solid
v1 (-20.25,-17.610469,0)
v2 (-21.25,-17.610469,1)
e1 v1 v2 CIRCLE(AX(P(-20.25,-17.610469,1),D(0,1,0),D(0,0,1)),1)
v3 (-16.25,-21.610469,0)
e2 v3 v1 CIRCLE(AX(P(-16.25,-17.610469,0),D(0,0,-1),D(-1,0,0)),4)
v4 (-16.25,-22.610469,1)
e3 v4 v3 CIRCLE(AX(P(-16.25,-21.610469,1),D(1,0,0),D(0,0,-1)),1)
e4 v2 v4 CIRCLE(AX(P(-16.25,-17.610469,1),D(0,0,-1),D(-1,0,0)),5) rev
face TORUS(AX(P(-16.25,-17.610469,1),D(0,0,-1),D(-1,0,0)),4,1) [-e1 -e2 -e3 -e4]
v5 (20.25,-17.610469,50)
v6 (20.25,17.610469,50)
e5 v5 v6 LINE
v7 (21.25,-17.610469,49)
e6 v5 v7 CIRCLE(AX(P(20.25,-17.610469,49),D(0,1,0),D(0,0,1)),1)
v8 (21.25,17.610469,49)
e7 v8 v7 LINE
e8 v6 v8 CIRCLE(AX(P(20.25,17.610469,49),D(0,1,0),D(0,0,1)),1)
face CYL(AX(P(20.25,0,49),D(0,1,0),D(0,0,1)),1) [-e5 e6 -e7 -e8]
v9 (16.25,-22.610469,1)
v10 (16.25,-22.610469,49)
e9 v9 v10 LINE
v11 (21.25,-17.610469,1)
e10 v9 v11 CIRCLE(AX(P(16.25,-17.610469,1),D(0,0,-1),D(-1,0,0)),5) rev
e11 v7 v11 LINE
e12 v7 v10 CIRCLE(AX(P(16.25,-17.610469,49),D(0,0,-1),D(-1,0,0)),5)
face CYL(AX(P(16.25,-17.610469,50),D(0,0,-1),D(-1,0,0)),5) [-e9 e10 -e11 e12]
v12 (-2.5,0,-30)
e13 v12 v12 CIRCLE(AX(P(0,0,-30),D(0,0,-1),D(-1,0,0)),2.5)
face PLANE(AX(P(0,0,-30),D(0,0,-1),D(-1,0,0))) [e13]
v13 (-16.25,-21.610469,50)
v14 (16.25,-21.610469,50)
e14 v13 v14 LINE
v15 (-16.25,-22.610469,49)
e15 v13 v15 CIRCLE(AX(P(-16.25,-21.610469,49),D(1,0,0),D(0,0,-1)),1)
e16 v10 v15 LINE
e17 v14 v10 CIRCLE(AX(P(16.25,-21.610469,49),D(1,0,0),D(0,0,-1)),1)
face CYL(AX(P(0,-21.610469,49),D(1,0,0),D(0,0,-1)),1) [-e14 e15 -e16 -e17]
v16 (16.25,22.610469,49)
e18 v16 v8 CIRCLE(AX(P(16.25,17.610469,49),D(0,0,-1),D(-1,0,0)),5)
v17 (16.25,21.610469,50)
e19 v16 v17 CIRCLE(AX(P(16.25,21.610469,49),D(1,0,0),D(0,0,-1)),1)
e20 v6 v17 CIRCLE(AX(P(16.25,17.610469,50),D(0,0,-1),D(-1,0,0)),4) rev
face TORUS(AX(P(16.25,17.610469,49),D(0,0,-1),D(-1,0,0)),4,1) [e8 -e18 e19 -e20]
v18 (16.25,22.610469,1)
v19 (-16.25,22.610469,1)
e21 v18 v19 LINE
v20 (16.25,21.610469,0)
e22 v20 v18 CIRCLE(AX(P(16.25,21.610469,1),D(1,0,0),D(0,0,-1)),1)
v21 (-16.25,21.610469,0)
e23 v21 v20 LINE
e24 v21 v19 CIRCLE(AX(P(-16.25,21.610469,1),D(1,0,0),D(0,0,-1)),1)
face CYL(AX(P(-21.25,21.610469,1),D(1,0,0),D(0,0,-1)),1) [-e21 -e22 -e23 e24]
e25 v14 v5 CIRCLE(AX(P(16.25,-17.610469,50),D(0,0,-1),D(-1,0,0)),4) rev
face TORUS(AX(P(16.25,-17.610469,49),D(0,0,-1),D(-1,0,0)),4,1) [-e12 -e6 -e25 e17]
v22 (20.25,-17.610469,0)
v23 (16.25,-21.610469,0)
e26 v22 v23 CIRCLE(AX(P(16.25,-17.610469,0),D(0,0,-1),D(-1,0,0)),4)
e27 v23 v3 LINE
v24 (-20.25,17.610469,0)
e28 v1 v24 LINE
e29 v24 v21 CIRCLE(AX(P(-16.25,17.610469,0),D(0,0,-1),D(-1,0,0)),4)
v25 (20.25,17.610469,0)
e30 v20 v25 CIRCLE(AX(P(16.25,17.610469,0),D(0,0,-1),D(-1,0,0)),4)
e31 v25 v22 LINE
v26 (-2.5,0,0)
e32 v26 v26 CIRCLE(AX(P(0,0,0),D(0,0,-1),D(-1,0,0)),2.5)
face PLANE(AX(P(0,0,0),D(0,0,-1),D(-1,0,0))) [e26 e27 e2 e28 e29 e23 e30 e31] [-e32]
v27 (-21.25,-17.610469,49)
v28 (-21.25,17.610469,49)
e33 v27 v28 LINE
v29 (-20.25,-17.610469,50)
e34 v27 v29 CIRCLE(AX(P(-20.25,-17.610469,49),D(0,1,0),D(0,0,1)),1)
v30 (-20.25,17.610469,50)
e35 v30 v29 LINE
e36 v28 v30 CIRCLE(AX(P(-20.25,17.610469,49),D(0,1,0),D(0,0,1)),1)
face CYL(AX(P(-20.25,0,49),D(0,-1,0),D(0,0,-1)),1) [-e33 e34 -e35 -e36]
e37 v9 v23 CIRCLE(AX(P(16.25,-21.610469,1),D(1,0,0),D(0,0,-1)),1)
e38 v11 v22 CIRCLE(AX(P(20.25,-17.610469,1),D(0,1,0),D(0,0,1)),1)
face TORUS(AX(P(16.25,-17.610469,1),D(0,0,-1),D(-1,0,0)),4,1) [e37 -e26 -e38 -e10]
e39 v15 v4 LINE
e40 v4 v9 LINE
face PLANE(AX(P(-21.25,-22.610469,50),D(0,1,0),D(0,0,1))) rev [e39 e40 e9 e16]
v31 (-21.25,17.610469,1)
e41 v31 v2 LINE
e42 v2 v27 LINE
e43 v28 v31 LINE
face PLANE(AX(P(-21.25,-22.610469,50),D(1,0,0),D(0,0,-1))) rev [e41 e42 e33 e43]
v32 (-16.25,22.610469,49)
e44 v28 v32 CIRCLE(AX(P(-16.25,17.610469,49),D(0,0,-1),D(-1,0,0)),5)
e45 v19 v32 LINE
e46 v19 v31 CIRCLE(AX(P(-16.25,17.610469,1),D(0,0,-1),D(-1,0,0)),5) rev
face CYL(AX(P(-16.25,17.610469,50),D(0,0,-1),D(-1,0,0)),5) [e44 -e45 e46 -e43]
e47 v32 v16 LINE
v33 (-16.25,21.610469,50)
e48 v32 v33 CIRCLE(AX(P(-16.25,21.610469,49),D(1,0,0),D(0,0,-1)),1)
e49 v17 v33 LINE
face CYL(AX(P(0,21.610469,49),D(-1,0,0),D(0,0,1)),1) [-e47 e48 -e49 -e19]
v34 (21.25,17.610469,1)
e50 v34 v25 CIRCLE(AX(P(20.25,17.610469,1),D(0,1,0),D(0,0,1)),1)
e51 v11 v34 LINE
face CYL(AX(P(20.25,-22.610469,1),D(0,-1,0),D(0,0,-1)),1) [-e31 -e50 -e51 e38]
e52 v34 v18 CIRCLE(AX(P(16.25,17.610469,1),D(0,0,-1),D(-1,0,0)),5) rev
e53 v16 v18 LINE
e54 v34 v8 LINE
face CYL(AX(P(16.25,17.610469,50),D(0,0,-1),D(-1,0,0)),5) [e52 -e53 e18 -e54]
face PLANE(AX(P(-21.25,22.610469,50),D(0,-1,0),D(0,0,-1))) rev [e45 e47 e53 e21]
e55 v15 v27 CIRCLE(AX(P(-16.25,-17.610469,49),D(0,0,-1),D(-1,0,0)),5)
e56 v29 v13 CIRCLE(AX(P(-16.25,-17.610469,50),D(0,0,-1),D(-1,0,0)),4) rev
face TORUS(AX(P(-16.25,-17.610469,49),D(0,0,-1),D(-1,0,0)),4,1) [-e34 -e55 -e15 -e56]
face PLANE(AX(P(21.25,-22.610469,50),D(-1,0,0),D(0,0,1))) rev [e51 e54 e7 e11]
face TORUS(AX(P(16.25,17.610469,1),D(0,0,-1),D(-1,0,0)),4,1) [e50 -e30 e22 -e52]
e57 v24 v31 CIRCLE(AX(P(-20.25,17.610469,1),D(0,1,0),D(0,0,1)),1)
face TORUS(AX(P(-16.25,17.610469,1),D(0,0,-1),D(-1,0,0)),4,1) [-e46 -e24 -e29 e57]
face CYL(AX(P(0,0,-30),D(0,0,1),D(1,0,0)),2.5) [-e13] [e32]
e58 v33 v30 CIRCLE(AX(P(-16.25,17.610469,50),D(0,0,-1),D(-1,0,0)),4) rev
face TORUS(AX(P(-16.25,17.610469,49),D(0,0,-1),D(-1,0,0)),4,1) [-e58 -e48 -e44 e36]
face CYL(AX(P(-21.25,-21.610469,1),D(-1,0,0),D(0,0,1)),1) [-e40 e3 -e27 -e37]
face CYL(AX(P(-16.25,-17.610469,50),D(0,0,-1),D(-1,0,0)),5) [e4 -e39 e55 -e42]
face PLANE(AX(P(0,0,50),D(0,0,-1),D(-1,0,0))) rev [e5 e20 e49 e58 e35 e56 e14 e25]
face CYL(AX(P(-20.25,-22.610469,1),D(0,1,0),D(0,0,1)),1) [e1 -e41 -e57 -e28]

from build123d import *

# Parameters (mm, degrees)
ESQUISSE1_W        = 42.5
ESQUISSE1_H        = 45.220937172
BOSS_EXTRU_1_DEPTH = 50
ESQUISSE2_R        = 2.5
BOSS_EXTRU_2_DEPTH = 30
CONG_1_R           = 5
CONG_2_R           = 1
CONG_3_R           = 1


with BuildPart() as part:
    # Esquisse1 → Boss.-Extru.1 (new body)
    with BuildSketch(Plane.XY):
        Rectangle(ESQUISSE1_W, ESQUISSE1_H)
    extrude(amount=BOSS_EXTRU_1_DEPTH)

    # Esquisse2 → Boss.-Extru.2 (add)
    with BuildSketch(Plane(origin=(0, 0, 0), x_dir=(-1, 0, 0), z_dir=(0, 0, -1))):
        Circle(ESQUISSE2_R)
    extrude(amount=BOSS_EXTRU_2_DEPTH)

    # Congé1
    cong_1_edges = [part.edges().sort_by_distance(p)[0] for p in [
        (21.25, -22.610468586, 25),
        (-21.25, -22.610468586, 25),
        (-21.25, 22.610468586, 25),
        (21.25, 22.610468586, 25),
    ]]
    fillet(cong_1_edges, radius=CONG_1_R)

    # Congé2
    cong_2_edges = [part.edges().sort_by_distance(p)[0] for p in [
        (-21.25, 0, 50),
        (0, 22.610468586, 50),
        (21.25, 0, 50),
        (0, -22.610468586, 50),
        (19.785533906, 21.146002492, 50),
        (19.785533906, -21.146002492, 50),
        (-19.785533906, -21.146002492, 50),
        (-19.785533906, 21.146002492, 50),
    ]]
    fillet(cong_2_edges, radius=CONG_2_R)

    # Congé3
    cong_3_edges = [part.edges().sort_by_distance(p)[0] for p in [
        (-21.25, 0, 0),
        (21.25, 0, 0),
        (0, -22.610468586, 0),
        (0, 22.610468586, 0),
        (19.785533906, 21.146002492, 0),
        (19.785533906, -21.146002492, 0),
        (-19.785533906, -21.146002492, 0),
        (-19.785533906, 21.146002492, 0),
    ]]
    fillet(cong_3_edges, radius=CONG_3_R)


solid = part.part
